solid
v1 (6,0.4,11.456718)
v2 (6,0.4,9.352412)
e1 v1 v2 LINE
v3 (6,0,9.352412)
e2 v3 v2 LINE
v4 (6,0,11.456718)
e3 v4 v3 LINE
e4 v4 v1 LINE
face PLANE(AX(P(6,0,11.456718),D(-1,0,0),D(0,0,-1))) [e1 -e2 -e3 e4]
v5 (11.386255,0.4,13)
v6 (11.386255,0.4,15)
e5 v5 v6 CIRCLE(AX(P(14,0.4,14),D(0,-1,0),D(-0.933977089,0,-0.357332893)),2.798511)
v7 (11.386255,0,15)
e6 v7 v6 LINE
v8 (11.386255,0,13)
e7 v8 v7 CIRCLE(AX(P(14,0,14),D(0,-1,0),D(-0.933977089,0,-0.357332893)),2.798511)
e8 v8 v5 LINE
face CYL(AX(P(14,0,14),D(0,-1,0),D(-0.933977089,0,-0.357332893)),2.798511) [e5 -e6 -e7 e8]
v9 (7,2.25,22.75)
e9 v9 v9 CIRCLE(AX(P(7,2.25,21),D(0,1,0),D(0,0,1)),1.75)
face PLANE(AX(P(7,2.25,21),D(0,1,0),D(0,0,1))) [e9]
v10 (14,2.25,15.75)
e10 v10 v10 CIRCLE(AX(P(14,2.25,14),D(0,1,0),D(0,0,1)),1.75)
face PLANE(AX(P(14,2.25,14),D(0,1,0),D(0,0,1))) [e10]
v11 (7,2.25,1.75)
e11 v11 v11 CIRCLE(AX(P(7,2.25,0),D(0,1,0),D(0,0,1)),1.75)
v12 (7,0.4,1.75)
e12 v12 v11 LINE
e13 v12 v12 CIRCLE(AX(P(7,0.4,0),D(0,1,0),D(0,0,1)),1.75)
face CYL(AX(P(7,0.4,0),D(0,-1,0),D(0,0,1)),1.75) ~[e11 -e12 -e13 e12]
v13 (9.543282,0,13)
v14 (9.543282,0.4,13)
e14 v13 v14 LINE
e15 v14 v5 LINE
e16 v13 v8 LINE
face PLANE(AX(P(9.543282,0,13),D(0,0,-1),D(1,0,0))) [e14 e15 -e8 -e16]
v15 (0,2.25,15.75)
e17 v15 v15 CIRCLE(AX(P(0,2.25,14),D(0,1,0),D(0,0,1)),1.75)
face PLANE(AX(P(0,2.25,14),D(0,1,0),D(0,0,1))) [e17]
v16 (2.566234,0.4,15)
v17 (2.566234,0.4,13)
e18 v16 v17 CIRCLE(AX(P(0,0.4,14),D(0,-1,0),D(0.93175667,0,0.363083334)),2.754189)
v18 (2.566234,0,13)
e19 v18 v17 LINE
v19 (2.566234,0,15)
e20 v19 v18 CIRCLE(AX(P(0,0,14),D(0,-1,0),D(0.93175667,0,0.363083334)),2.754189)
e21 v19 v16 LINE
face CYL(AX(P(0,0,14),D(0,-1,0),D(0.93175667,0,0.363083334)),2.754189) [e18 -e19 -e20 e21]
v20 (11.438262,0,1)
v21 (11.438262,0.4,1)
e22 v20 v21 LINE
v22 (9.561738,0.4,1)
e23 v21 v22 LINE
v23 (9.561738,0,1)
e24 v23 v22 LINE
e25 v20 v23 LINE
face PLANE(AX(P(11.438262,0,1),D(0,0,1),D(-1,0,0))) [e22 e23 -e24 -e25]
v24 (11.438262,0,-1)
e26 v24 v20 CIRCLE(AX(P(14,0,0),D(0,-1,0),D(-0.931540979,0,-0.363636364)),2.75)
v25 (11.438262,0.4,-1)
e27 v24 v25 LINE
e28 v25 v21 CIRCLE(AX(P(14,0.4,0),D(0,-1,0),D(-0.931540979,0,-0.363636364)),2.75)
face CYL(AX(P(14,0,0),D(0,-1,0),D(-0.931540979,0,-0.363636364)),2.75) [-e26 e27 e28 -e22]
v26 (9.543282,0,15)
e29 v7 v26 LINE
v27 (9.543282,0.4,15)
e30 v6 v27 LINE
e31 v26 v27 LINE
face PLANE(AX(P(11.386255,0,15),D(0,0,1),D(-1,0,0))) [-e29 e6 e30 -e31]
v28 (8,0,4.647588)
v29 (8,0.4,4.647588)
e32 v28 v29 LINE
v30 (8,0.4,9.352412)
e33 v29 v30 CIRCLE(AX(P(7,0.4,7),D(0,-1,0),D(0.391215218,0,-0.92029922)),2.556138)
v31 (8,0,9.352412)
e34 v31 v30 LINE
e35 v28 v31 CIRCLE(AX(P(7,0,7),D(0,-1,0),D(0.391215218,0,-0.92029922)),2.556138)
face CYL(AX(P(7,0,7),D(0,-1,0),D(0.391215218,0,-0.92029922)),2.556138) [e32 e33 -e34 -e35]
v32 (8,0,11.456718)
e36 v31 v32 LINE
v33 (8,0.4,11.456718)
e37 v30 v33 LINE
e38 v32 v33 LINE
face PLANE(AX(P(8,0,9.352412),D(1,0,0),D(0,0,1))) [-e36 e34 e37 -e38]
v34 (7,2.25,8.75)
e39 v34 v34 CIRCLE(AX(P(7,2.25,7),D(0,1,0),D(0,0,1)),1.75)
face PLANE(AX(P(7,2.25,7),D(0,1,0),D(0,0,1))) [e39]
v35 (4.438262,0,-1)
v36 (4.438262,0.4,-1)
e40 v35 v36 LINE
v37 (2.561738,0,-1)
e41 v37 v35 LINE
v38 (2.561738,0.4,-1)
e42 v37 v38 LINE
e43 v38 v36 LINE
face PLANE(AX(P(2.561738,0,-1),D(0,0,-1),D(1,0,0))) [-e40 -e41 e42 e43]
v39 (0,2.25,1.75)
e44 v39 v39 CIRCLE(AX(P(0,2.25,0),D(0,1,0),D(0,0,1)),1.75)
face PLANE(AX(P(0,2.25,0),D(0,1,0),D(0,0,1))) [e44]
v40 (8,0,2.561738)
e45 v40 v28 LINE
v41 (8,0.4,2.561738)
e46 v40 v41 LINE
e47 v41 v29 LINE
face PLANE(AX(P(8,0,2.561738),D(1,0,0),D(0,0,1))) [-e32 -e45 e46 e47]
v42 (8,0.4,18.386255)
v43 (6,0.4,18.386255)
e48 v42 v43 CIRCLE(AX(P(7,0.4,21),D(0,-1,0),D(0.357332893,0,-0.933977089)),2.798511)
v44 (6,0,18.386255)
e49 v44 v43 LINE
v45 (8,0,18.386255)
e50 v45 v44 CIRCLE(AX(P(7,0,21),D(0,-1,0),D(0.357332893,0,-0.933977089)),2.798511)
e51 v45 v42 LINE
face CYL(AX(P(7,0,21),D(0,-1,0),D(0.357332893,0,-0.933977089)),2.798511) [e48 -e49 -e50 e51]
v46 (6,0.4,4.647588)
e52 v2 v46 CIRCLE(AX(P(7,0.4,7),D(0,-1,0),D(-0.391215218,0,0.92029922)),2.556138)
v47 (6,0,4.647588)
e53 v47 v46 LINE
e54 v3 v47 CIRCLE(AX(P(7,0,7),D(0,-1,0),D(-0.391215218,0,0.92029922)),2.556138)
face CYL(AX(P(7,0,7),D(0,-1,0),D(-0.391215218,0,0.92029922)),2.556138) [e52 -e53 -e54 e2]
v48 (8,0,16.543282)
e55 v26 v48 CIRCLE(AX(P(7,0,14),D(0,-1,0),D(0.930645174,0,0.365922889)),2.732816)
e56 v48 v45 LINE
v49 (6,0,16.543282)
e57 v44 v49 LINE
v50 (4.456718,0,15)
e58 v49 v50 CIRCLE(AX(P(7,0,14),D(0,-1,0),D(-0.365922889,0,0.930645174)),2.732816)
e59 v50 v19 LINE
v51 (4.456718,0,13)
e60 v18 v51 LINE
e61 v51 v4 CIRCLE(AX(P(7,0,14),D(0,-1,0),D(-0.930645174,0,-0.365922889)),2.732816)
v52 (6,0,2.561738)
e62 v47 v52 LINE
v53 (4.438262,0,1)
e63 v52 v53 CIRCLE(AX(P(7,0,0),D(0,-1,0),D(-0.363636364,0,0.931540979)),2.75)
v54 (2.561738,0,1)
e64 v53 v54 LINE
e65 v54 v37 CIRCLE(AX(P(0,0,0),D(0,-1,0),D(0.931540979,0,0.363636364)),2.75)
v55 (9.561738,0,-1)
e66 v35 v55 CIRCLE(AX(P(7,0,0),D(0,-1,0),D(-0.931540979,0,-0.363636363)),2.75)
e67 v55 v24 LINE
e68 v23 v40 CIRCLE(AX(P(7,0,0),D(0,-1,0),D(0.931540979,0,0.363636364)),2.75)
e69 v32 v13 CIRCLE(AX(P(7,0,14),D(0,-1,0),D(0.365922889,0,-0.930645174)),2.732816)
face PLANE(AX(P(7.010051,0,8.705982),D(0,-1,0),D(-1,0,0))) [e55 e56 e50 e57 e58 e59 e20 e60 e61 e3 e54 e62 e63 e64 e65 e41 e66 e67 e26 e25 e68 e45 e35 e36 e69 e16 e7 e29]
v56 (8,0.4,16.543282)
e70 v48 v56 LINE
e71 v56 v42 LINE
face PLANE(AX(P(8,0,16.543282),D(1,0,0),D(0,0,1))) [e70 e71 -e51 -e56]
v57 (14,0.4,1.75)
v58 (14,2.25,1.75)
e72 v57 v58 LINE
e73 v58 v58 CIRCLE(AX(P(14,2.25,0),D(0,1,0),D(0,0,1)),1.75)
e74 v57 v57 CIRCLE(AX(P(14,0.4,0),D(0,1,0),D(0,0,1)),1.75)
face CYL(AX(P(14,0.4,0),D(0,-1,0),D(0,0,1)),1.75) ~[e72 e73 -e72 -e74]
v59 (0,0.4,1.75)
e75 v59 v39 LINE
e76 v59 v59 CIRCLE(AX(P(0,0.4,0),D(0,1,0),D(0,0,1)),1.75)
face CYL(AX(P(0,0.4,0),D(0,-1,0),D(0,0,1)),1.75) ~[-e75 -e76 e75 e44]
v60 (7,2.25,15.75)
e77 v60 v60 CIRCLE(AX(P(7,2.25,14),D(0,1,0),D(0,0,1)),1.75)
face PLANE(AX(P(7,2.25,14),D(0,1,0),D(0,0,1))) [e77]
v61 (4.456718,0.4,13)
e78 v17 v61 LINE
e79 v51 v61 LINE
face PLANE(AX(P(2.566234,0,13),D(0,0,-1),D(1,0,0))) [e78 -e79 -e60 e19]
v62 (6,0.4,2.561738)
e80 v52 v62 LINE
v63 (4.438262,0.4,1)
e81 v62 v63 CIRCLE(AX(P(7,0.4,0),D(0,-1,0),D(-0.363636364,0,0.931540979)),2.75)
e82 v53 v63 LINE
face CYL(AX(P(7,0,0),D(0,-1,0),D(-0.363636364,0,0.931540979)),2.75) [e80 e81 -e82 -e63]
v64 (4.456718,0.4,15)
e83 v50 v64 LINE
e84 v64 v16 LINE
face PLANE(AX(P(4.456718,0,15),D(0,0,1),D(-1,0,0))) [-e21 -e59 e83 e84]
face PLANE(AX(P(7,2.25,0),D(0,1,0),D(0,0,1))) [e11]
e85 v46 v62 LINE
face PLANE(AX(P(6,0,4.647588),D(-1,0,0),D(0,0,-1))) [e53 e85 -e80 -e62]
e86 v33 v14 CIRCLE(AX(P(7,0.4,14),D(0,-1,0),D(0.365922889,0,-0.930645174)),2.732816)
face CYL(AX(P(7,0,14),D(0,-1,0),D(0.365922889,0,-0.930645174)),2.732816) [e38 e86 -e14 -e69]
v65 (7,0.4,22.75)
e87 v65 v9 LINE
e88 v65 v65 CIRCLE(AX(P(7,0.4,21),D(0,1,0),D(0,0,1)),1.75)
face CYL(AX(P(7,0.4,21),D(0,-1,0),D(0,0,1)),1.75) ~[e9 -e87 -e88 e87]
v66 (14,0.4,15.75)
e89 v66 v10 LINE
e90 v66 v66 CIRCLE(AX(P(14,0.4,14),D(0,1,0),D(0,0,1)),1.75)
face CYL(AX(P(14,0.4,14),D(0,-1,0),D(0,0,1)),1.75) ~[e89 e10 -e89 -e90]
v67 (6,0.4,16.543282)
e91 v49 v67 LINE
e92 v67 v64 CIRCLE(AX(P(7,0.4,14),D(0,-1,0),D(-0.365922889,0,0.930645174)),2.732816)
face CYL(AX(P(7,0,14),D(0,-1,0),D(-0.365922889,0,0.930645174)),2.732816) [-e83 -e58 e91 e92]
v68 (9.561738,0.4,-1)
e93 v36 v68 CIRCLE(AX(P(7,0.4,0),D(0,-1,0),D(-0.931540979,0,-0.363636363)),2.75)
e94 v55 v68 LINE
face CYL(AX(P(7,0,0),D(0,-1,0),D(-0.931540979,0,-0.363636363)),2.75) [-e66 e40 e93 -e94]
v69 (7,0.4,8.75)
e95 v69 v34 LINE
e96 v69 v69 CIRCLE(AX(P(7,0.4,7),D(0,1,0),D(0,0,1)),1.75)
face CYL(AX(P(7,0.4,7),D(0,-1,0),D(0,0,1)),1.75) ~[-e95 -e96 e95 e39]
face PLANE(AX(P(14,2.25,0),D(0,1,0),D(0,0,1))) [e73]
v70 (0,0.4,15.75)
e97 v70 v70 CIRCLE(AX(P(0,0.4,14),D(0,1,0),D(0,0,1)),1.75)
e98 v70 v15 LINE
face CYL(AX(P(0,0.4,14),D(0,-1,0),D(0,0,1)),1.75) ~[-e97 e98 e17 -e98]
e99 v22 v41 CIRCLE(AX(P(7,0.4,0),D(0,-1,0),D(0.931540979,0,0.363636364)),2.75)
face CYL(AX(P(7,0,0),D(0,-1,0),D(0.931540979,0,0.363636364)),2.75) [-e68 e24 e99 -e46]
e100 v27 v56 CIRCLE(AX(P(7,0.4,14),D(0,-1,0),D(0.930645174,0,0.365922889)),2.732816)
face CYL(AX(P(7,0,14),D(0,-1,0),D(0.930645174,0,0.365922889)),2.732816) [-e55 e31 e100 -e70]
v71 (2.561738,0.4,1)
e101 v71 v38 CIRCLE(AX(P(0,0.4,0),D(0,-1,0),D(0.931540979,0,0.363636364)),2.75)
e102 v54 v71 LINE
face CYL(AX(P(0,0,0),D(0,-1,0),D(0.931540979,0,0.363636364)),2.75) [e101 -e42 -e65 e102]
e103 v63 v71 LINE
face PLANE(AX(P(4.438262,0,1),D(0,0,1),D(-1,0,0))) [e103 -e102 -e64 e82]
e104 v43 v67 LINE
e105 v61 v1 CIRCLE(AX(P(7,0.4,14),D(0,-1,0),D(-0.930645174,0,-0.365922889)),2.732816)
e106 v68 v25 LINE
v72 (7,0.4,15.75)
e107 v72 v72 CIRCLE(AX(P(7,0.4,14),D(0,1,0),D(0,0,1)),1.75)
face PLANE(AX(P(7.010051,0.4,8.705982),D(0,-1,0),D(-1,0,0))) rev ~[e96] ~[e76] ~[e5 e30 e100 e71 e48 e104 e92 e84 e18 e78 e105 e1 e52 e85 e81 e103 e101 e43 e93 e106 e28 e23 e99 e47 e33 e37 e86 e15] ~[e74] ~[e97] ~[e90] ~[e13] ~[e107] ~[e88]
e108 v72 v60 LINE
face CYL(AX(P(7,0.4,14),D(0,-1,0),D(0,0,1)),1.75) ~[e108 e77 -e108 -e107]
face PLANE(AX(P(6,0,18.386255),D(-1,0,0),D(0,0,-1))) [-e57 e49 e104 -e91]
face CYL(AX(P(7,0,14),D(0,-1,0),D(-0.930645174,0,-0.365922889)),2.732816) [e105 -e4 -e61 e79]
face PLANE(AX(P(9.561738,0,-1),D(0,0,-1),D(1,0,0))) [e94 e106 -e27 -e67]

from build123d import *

# Parameters (mm, degrees)
BOSS_EXTRUDE1_DEPTH = 0.4
SKETCH2_R           = 1.75
BOSS_EXTRUDE2_DEPTH = 1.85


with BuildPart() as part:
    # Sketch1 → Boss-Extrude1 (new body)
    with BuildSketch(Plane(origin=(0, 0, 0), x_dir=(1, 0, 0), z_dir=(0, 1, 0))):
        with BuildLine():
            Line((2.561737691, 1), (4.438262309, 1))
            ThreePointArc((4.438262309, 1), (7, 2.75), (9.561737691, 1))
            Line((9.561737691, 1), (11.438262309, 1))
            ThreePointArc((11.438262309, 1), (16.75, 0), (11.438262309, -1))
            Line((11.438262309, -1), (9.561737691, -1))
            ThreePointArc((9.561737691, -1), (8.944543648, -1.944543648), (8, -2.561737691))
            Line((8, -2.561737691), (8, -4.647588392))
            ThreePointArc((8, -4.647588392), (9.556137785, -7), (8, -9.352411608))
            Line((8, -9.352411608), (8, -11.456717793))
            ThreePointArc((8, -11.456717793), (8.932392867, -12.067607133), (9.543282207, -13))
            Line((9.543282207, -13), (11.386254927, -13))
            ThreePointArc((11.386254927, -13), (16.798510909, -14), (11.386254927, -15))
            Line((11.386254927, -15), (9.543282207, -15))
            ThreePointArc((9.543282207, -15), (8.932392867, -15.932392867), (8, -16.543282207))
            Line((8, -16.543282207), (8, -18.386254927))
            ThreePointArc((8, -18.386254927), (7, -23.798510909), (6, -18.386254927))
            Line((6, -18.386254927), (6, -16.543282207))
            ThreePointArc((6, -16.543282207), (5.067607133, -15.932392867), (4.456717793, -15))
            Line((4.456717793, -15), (2.566233649, -15))
            ThreePointArc((2.566233649, -15), (-2.754188654, -14), (2.566233649, -13))
            Line((2.566233649, -13), (4.456717793, -13))
            ThreePointArc((4.456717793, -13), (5.067607133, -12.067607133), (6, -11.456717793))
            Line((6, -11.456717793), (6, -9.352411608))
            ThreePointArc((6, -9.352411608), (4.443862215, -7), (6, -4.647588392))
            Line((6, -4.647588392), (6, -2.561737691))
            ThreePointArc((6, -2.561737691), (5.055456352, -1.944543648), (4.438262309, -1))
            Line((4.438262309, -1), (2.561737691, -1))
            ThreePointArc((2.561737691, -1), (-2.75, 0), (2.561737691, 1))
        make_face()
    extrude(amount=BOSS_EXTRUDE1_DEPTH)

    # Sketch2 → Boss-Extrude2 (add)
    with BuildSketch(Plane(origin=(0, 0.4, 0), x_dir=(1, 0, 0), z_dir=(0, 1, 0))):
        with Locations(Location((0, 0, 0), (0, 0, 270))):
            Circle(SKETCH2_R)
        with Locations(Location((7, 0, 0), (0, 0, 270))):
            Circle(SKETCH2_R)
        with Locations(Location((14, 0, 0), (0, 0, 270))):
            Circle(SKETCH2_R)
        with Locations(Location((7, -7, 0), (0, 0, 270))):
            Circle(SKETCH2_R)
        with Locations(Location((7, -14, 0), (0, 0, 270))):
            Circle(SKETCH2_R)
        with Locations(Location((14, -14, 0), (0, 0, 270))):
            Circle(SKETCH2_R)
        with Locations(Location((0, -14, 0), (0, 0, 270))):
            Circle(SKETCH2_R)
        with Locations(Location((7, -21, 0), (0, 0, 270))):
            Circle(SKETCH2_R)
    extrude(amount=BOSS_EXTRUDE2_DEPTH)


solid = part.part
